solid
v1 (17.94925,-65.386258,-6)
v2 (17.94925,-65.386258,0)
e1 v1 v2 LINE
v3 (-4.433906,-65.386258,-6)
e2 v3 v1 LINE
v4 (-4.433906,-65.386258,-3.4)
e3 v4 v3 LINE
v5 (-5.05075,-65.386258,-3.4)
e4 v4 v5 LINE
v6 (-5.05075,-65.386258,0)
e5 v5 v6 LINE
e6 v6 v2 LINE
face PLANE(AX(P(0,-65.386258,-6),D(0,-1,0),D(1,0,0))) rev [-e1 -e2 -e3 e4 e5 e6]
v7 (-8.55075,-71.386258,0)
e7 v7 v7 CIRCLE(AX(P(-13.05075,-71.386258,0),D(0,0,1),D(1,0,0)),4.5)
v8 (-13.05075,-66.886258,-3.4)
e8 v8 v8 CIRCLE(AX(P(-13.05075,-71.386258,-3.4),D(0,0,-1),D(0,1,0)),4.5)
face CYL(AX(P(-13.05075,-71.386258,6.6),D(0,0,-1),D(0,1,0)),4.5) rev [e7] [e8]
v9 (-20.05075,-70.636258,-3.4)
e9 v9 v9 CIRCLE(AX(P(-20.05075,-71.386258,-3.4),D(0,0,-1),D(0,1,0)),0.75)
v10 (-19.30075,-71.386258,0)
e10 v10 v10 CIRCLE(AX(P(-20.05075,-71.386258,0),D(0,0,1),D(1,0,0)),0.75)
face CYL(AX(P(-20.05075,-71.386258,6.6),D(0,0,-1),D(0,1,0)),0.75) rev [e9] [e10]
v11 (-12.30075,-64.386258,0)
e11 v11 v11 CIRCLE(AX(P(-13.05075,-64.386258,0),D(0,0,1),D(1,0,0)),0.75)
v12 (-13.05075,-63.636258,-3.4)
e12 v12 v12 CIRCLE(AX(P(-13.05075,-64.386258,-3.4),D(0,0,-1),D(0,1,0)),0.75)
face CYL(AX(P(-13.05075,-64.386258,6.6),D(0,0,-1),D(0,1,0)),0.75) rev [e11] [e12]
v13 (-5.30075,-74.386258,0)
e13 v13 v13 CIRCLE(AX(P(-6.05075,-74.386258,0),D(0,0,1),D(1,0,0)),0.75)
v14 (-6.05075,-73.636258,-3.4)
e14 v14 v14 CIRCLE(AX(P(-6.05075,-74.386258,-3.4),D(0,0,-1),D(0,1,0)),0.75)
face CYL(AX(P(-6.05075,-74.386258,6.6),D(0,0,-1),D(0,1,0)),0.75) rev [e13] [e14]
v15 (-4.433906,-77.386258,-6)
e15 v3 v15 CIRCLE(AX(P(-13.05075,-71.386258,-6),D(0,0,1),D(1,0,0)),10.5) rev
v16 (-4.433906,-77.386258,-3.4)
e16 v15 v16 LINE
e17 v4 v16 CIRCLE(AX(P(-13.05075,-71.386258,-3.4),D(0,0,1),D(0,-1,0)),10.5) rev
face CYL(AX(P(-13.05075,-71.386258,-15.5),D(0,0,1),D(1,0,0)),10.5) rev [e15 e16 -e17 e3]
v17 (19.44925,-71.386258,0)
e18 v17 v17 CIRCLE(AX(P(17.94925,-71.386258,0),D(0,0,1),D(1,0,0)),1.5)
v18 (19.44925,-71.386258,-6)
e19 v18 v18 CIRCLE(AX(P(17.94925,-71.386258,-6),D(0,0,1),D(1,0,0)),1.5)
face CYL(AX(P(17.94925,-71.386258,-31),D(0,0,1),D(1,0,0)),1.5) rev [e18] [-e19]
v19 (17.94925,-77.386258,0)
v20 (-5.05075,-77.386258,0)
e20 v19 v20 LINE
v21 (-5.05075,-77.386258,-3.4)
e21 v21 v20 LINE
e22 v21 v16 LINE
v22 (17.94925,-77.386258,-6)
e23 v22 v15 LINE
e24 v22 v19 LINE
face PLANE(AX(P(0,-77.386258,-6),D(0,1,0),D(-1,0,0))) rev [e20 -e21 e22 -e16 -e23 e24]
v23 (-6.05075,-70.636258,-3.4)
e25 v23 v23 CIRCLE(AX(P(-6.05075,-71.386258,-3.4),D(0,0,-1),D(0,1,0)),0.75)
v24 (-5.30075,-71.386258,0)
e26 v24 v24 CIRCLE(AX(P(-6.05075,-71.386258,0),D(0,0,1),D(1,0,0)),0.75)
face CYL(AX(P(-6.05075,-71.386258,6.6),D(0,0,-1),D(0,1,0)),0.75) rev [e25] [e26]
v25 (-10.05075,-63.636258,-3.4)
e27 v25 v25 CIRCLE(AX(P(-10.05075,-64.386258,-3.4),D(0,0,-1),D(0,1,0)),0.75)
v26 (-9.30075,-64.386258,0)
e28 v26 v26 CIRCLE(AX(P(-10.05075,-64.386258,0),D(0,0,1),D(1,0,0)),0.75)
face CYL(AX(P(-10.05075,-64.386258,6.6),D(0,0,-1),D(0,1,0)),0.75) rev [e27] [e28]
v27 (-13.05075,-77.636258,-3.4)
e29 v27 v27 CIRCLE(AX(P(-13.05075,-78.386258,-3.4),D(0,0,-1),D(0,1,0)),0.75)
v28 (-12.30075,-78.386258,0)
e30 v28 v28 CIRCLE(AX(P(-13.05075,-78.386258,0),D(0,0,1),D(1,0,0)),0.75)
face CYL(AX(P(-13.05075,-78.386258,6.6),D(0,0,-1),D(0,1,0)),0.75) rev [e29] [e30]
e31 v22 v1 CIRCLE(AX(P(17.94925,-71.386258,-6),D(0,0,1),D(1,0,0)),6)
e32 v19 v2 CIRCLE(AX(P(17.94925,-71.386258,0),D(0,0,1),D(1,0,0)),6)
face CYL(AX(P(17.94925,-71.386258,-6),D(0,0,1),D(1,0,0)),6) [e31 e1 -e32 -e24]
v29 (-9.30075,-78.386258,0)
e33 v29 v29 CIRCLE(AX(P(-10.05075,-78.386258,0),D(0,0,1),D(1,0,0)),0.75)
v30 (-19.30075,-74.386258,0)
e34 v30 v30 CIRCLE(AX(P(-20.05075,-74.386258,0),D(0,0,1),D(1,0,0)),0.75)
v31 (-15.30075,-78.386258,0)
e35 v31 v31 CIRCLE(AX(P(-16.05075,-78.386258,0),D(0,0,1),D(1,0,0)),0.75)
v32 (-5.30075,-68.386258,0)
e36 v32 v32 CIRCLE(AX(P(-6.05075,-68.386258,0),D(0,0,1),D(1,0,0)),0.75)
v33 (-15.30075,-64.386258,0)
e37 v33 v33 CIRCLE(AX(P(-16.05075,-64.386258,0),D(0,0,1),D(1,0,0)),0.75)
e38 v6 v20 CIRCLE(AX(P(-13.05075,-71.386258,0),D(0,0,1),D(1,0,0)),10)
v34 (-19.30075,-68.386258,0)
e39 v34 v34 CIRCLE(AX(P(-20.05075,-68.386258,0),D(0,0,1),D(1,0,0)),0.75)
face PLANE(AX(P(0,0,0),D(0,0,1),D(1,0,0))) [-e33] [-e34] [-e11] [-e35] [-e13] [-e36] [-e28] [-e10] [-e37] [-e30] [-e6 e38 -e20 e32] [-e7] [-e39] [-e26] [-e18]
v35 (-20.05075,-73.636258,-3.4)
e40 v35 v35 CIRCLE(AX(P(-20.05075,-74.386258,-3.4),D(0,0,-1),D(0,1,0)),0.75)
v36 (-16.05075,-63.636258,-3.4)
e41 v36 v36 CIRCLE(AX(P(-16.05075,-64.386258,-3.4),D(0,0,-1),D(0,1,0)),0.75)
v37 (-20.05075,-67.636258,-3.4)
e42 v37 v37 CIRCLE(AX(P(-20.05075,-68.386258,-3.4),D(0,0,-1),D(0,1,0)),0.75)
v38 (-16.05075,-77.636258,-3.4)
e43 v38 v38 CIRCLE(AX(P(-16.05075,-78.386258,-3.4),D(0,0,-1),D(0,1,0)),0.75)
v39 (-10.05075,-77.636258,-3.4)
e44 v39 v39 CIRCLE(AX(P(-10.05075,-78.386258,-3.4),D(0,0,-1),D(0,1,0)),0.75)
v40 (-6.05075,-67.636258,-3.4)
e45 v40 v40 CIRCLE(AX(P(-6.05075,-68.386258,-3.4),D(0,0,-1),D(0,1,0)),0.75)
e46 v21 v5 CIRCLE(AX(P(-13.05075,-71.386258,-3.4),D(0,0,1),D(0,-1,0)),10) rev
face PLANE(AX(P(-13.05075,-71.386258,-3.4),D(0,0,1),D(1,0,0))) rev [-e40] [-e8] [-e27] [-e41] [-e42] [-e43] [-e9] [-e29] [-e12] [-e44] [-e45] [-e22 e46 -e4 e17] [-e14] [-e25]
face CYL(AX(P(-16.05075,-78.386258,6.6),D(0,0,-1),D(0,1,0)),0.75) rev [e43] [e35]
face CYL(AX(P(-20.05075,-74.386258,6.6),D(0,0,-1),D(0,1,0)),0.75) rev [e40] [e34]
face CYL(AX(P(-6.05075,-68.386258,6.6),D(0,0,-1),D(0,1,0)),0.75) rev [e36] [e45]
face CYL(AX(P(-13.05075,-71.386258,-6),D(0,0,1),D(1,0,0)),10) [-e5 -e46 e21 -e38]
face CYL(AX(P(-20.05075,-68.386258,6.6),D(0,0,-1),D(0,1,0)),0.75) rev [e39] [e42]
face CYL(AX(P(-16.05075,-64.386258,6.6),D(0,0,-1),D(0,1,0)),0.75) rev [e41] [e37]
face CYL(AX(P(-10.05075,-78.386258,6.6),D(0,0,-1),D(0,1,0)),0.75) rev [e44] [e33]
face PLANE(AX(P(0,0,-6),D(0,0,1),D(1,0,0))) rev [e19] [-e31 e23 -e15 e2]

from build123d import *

# Parameters (mm, degrees)
EXTRUDE_1_DEPTH     = 6
SKETCH_7_R          = 1.5
CUT_EXTRUDE_3_DEPTH = 31
CUT_EXTRUDE_START   = -2.6
SKETCH_8_R          = 10.5
CUT_EXTRUDE_4_DEPTH = 2.6
SKETCH_9_R          = 0.75
CUT_EXTRUDE_5_DEPTH = 10
SKETCH_10_R         = 4.5
CUT_EXTRUDE_6_DEPTH = 10


with BuildPart() as part:
    # 草图2 → 凸台-拉伸1 (new body)
    with BuildSketch(Plane.XY):
        with BuildLine():
            Line((-5.050750258, -65.386258364), (17.949249742, -65.386258364))
            ThreePointArc((17.949249742, -65.386258364), (23.949249742, -71.386258364), (17.949249742, -77.386258364))
            Line((17.949249742, -77.386258364), (-5.050750258, -77.386258364))
            ThreePointArc((-5.050750258, -77.386258364), (-23.050750258, -71.386258364), (-5.050750258, -65.386258364))
        make_face()
    extrude(amount=-EXTRUDE_1_DEPTH)

    # 草图7 → 切除-拉伸3 (cut)
    with BuildSketch(Plane.XY):
        with Locations((17.949249742, -71.386258364)):
            Circle(SKETCH_7_R)
    extrude(amount=-CUT_EXTRUDE_3_DEPTH, mode=Mode.SUBTRACT)

    # 草图8 → 切除-拉伸4 (cut)
    with BuildSketch(Plane(origin=(0, 0, -6), x_dir=(-1, 0, 0), z_dir=(0, 0, -1)).offset(CUT_EXTRUDE_START)):
        with Locations((13.050750258, -71.386258364)):
            Circle(SKETCH_8_R)
    extrude(amount=CUT_EXTRUDE_4_DEPTH, mode=Mode.SUBTRACT)

    # 草图9 → 切除-拉伸5 (cut)
    with BuildSketch(Plane(origin=(0, 0, -3.4), x_dir=(-1, 0, 0), z_dir=(0, 0, -1))):
        with Locations(Location((6.050750258, -71.386258364, 0), (0, 0, 90))):
            Circle(SKETCH_9_R)
        with Locations(Location((6.050750258, -74.386258364, 0), (0, 0, 90))):
            Circle(SKETCH_9_R)
        with Locations(Location((6.050750258, -68.386258364, 0), (0, 0, 90))):
            Circle(SKETCH_9_R)
        with Locations(Location((10.050750258, -78.386258364, 0), (0, 0, 90))):
            Circle(SKETCH_9_R)
        with Locations(Location((13.050750258, -78.386258364, 0), (0, 0, 90))):
            Circle(SKETCH_9_R)
        with Locations(Location((16.050750258, -78.386258364, 0), (0, 0, 90))):
            Circle(SKETCH_9_R)
        with Locations(Location((20.050750258, -74.386258364, 0), (0, 0, 90))):
            Circle(SKETCH_9_R)
        with Locations(Location((20.050750258, -71.386258364, 0), (0, 0, 90))):
            Circle(SKETCH_9_R)
        with Locations(Location((20.050750258, -68.386258364, 0), (0, 0, 90))):
            Circle(SKETCH_9_R)
        with Locations(Location((16.050750258, -64.386258364, 0), (0, 0, 90))):
            Circle(SKETCH_9_R)
        with Locations(Location((13.050750258, -64.386258364, 0), (0, 0, 90))):
            Circle(SKETCH_9_R)
        with Locations(Location((10.050750258, -64.386258364, 0), (0, 0, 90))):
            Circle(SKETCH_9_R)
    extrude(amount=-CUT_EXTRUDE_5_DEPTH, mode=Mode.SUBTRACT)

    # 草图10 → 切除-拉伸6 (cut)
    with BuildSketch(Plane(origin=(0, 0, -3.4), x_dir=(-1, 0, 0), z_dir=(0, 0, -1))):
        with Locations(Location((13.050750258, -71.386258364, 0), (0, 0, 90))):
            Circle(SKETCH_10_R)
    extrude(amount=-CUT_EXTRUDE_6_DEPTH, mode=Mode.SUBTRACT)


solid = part.part
